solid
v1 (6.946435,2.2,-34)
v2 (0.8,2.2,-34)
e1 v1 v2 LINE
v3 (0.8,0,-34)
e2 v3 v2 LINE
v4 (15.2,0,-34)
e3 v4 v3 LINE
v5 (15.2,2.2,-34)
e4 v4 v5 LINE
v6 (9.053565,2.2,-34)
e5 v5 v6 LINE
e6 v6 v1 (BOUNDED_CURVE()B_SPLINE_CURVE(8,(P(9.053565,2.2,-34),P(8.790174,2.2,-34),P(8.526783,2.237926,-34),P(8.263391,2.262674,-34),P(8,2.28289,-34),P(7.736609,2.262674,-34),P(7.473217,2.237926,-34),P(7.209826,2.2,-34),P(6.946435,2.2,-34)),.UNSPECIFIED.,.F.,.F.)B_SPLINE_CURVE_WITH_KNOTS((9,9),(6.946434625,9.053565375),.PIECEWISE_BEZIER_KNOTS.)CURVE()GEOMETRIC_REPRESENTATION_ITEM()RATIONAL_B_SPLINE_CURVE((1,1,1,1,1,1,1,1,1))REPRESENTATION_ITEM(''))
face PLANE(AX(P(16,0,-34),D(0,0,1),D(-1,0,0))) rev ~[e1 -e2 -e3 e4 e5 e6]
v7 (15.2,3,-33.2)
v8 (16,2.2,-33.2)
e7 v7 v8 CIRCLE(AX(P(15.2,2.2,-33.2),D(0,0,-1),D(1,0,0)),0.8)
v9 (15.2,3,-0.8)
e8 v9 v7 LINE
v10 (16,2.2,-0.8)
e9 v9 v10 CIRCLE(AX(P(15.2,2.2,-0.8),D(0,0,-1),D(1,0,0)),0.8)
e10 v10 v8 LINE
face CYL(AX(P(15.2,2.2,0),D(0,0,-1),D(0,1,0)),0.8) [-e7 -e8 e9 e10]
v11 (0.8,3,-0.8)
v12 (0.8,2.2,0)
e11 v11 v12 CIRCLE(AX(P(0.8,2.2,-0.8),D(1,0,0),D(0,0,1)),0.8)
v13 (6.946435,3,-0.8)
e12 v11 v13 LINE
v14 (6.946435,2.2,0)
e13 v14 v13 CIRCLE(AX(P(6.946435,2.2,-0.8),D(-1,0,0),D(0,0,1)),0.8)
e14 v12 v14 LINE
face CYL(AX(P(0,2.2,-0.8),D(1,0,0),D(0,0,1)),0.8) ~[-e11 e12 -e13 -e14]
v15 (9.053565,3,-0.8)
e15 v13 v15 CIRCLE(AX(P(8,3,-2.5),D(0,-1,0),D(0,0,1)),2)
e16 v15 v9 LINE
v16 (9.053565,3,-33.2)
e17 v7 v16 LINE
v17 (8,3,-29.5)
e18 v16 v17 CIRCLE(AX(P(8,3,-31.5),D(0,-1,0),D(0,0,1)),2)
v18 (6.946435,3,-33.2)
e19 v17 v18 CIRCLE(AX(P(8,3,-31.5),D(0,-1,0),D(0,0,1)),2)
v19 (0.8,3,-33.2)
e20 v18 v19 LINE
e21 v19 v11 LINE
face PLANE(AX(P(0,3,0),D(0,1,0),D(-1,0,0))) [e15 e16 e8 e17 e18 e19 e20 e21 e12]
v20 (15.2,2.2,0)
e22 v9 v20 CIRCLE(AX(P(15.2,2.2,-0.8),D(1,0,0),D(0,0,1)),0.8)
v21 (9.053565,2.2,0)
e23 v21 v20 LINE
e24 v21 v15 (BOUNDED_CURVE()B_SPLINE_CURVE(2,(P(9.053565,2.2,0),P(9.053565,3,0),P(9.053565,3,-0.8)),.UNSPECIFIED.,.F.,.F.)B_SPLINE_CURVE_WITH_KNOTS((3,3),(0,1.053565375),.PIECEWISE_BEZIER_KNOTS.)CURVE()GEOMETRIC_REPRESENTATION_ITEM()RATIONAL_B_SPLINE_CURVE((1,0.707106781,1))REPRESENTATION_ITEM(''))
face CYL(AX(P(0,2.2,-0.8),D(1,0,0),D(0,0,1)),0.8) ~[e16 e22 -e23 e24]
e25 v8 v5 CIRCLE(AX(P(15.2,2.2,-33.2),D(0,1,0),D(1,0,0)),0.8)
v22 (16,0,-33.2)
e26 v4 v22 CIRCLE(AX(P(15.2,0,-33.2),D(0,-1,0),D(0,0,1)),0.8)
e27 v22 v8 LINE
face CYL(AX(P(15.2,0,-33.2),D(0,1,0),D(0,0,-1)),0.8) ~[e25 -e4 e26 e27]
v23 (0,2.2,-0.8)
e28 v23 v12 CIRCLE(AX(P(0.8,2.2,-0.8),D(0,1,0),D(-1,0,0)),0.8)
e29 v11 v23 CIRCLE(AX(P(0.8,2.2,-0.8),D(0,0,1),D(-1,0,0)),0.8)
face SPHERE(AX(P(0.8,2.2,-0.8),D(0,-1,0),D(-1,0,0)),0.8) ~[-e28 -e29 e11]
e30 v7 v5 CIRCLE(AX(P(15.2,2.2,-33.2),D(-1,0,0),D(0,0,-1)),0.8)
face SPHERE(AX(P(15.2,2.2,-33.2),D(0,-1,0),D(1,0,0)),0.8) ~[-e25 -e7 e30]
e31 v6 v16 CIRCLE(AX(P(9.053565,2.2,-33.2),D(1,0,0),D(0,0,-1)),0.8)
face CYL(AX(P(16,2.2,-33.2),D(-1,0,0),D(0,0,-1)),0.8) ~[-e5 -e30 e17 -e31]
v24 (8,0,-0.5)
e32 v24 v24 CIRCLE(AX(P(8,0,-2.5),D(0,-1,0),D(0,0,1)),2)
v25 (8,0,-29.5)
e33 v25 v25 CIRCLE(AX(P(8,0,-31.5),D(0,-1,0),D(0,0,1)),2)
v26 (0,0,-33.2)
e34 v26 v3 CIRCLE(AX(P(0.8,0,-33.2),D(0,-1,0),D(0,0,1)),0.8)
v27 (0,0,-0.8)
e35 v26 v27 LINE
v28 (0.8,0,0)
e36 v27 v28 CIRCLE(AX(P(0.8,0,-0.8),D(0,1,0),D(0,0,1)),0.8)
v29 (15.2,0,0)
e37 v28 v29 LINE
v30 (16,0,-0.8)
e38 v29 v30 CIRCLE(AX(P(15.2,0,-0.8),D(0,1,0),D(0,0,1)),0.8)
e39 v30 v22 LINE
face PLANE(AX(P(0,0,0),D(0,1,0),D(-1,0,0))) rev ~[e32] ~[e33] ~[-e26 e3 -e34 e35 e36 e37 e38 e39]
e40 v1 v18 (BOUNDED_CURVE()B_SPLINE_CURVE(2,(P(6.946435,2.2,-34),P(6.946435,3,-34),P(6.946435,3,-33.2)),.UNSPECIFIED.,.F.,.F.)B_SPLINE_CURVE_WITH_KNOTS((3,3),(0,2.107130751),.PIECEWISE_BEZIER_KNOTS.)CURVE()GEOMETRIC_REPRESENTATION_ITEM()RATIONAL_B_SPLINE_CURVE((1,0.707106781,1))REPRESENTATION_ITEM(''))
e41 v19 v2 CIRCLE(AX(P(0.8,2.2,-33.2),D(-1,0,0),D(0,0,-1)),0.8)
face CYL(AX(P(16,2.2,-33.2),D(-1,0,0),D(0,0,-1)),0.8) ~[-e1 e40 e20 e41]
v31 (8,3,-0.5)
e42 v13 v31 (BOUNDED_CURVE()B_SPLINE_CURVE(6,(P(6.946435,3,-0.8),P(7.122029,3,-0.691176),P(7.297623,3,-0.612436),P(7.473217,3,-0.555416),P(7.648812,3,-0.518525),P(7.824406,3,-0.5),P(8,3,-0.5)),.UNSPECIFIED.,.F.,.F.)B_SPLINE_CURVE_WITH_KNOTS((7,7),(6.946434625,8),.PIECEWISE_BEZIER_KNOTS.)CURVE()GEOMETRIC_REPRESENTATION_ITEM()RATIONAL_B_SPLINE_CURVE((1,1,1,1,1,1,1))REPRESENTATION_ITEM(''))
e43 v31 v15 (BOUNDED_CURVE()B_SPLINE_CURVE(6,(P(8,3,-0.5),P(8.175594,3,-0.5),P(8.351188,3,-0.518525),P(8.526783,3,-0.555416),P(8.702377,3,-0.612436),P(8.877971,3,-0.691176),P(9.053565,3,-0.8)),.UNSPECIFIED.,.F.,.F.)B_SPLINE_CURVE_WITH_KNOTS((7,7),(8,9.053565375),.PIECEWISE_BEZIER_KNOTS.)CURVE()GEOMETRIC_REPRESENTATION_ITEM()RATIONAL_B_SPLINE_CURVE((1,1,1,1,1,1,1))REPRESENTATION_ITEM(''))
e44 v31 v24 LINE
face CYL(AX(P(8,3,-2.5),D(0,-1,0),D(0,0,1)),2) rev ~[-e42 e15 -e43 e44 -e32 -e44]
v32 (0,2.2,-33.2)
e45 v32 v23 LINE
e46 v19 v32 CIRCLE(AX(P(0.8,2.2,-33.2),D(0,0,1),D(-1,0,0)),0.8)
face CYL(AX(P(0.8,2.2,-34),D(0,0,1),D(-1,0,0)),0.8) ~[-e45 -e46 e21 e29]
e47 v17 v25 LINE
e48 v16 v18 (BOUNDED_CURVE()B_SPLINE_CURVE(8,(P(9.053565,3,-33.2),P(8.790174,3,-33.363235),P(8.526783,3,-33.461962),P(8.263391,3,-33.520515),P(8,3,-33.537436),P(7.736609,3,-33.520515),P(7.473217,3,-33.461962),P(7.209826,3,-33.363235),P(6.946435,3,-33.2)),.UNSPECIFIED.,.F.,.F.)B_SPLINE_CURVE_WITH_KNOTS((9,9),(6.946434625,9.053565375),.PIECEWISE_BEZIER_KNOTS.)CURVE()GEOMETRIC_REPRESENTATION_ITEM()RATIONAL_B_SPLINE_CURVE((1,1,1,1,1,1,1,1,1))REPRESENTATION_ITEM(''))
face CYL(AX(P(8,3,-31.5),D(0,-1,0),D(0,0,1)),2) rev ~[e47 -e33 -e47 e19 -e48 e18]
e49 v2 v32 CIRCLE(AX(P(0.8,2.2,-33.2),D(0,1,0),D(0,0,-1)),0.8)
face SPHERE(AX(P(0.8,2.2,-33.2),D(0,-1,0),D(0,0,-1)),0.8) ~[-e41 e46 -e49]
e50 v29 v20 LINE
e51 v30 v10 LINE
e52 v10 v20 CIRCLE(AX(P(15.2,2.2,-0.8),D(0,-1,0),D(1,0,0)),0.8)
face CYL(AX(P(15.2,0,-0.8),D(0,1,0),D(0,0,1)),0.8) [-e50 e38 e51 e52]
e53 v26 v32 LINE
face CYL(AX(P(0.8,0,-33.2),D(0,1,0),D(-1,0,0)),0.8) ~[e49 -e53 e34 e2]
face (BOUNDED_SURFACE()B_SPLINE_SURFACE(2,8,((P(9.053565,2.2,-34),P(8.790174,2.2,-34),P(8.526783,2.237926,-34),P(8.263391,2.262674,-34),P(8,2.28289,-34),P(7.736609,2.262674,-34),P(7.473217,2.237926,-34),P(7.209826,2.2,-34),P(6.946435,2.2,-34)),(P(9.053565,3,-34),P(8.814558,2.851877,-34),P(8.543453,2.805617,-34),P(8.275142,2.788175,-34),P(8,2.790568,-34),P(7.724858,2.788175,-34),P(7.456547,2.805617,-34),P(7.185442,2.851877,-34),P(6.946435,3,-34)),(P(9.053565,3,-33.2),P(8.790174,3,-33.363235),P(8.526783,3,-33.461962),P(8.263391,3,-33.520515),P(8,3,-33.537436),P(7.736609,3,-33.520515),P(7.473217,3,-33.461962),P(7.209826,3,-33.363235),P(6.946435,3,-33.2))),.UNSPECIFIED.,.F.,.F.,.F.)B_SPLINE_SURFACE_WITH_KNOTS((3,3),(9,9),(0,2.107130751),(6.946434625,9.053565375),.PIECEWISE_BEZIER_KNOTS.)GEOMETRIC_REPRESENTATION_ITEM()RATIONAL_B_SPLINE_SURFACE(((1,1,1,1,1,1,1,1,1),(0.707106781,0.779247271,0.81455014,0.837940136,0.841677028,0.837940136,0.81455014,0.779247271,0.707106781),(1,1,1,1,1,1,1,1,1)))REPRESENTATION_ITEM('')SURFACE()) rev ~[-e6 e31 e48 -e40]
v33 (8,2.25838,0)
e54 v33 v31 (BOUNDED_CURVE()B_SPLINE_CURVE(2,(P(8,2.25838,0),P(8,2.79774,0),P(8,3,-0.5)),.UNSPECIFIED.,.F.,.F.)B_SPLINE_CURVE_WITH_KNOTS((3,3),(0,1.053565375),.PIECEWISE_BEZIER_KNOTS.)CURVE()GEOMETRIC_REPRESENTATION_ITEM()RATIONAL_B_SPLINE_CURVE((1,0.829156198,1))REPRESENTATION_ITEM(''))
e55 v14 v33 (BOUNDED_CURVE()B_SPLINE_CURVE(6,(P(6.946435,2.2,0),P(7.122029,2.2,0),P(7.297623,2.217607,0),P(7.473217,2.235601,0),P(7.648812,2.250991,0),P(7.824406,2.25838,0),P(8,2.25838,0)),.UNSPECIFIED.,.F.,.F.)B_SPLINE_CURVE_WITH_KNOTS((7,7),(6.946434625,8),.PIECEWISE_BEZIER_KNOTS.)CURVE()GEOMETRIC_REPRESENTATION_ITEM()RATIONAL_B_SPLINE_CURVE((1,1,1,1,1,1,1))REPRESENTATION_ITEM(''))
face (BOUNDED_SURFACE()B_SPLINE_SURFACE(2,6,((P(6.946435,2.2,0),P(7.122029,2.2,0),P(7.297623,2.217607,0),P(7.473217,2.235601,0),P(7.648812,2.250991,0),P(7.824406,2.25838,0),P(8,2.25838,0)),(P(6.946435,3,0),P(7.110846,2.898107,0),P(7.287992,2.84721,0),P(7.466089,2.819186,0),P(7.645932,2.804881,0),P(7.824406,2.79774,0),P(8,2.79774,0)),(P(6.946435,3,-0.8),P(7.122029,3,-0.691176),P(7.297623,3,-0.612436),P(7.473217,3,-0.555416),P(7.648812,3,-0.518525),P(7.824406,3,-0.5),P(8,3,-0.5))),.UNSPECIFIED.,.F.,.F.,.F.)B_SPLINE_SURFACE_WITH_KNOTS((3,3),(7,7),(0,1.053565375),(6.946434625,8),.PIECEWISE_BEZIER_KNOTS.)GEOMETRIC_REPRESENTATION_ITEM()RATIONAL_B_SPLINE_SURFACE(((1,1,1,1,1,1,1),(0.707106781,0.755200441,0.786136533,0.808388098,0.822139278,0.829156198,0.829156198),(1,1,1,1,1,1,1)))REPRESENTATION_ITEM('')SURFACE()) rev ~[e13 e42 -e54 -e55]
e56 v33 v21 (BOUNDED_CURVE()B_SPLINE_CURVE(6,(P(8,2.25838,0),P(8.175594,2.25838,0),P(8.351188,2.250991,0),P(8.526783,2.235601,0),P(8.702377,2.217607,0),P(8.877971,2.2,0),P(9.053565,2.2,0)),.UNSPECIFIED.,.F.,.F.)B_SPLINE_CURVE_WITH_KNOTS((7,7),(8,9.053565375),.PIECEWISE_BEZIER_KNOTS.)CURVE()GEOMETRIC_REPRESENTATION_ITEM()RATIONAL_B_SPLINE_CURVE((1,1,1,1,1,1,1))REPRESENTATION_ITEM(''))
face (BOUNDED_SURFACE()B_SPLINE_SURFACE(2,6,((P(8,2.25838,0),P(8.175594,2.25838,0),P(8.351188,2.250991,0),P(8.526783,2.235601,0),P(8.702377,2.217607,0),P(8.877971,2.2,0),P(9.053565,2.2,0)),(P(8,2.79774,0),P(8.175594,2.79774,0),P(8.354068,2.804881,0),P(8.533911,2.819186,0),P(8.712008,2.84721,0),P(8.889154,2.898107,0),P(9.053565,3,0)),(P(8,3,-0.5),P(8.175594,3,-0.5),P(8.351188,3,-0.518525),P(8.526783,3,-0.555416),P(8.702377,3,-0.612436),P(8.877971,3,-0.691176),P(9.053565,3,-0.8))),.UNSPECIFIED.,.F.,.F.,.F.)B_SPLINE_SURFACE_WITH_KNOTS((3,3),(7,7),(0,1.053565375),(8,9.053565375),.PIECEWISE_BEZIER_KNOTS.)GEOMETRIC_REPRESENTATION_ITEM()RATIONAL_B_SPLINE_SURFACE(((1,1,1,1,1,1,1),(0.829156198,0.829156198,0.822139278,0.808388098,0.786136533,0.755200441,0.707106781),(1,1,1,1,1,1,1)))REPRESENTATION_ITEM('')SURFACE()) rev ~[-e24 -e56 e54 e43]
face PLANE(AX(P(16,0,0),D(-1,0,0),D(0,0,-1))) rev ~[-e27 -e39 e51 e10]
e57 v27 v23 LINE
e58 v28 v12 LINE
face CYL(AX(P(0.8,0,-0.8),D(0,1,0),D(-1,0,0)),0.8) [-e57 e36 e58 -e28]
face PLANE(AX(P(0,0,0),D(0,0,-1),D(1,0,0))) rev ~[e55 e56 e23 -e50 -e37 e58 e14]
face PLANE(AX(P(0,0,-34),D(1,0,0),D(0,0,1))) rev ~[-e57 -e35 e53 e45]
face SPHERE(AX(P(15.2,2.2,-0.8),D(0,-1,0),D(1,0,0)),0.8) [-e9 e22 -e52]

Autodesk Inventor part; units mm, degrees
ref_plane "YZ Plane" through (0, 0, 0) normal (1, 0, 0) x (0, 1, 0)
ref_plane "XZ Plane" through (0, 0, 0) normal (0, 1, 0) x (-1, 0, 0)
ref_plane "XY Plane" through (0, 0, 0) normal (0, 0, 1) x (1, 0, 0)
sketch "Sketch1" plane through (0, 0, 0) normal (0, 1, 0) x (-1, 0, 0)
  line L0 (0, 0) -> (-16, 0)
  line L1 (-16, 0) -> (-16, -34)
  line L2 (-16, -34) -> (0, -34)
  line L3 (0, -34) -> (0, 0)
  dimension "d0" = 16
  dimension "d1" = 34
extrude "Extrusion1" add sketch "Sketch1" along normal blind 3
sketch "Sketch2" plane through (0, 3, 0) normal (0, 1, 0) x (1, 0, 0)
  line L0 (0, 0) -> (16, 0) projected
  line L1 (8, 0) -> (8, 2.5)
  line L2 (16, 34) -> (0, 34) projected
  line L3 (8, 34) -> (8, 31.5)
  dimension "d4" = 2.5
  dimension "d5" = 2.5
hole "Hole1" at (8, 3, -31.5) at (8, 3, -2.5) direction (0, -1, 0) diameter 4 depth 10 tip angle 118
fillet "Fillet1" radius 0.8 8 edges at (0, 1.5, 0) (0, 1.5, -34) (16, 1.5, 0) (16, 1.5, -34) (16, 3, -17) (8, 3, -34) (0, 3, -17) (8, 3, 0)
